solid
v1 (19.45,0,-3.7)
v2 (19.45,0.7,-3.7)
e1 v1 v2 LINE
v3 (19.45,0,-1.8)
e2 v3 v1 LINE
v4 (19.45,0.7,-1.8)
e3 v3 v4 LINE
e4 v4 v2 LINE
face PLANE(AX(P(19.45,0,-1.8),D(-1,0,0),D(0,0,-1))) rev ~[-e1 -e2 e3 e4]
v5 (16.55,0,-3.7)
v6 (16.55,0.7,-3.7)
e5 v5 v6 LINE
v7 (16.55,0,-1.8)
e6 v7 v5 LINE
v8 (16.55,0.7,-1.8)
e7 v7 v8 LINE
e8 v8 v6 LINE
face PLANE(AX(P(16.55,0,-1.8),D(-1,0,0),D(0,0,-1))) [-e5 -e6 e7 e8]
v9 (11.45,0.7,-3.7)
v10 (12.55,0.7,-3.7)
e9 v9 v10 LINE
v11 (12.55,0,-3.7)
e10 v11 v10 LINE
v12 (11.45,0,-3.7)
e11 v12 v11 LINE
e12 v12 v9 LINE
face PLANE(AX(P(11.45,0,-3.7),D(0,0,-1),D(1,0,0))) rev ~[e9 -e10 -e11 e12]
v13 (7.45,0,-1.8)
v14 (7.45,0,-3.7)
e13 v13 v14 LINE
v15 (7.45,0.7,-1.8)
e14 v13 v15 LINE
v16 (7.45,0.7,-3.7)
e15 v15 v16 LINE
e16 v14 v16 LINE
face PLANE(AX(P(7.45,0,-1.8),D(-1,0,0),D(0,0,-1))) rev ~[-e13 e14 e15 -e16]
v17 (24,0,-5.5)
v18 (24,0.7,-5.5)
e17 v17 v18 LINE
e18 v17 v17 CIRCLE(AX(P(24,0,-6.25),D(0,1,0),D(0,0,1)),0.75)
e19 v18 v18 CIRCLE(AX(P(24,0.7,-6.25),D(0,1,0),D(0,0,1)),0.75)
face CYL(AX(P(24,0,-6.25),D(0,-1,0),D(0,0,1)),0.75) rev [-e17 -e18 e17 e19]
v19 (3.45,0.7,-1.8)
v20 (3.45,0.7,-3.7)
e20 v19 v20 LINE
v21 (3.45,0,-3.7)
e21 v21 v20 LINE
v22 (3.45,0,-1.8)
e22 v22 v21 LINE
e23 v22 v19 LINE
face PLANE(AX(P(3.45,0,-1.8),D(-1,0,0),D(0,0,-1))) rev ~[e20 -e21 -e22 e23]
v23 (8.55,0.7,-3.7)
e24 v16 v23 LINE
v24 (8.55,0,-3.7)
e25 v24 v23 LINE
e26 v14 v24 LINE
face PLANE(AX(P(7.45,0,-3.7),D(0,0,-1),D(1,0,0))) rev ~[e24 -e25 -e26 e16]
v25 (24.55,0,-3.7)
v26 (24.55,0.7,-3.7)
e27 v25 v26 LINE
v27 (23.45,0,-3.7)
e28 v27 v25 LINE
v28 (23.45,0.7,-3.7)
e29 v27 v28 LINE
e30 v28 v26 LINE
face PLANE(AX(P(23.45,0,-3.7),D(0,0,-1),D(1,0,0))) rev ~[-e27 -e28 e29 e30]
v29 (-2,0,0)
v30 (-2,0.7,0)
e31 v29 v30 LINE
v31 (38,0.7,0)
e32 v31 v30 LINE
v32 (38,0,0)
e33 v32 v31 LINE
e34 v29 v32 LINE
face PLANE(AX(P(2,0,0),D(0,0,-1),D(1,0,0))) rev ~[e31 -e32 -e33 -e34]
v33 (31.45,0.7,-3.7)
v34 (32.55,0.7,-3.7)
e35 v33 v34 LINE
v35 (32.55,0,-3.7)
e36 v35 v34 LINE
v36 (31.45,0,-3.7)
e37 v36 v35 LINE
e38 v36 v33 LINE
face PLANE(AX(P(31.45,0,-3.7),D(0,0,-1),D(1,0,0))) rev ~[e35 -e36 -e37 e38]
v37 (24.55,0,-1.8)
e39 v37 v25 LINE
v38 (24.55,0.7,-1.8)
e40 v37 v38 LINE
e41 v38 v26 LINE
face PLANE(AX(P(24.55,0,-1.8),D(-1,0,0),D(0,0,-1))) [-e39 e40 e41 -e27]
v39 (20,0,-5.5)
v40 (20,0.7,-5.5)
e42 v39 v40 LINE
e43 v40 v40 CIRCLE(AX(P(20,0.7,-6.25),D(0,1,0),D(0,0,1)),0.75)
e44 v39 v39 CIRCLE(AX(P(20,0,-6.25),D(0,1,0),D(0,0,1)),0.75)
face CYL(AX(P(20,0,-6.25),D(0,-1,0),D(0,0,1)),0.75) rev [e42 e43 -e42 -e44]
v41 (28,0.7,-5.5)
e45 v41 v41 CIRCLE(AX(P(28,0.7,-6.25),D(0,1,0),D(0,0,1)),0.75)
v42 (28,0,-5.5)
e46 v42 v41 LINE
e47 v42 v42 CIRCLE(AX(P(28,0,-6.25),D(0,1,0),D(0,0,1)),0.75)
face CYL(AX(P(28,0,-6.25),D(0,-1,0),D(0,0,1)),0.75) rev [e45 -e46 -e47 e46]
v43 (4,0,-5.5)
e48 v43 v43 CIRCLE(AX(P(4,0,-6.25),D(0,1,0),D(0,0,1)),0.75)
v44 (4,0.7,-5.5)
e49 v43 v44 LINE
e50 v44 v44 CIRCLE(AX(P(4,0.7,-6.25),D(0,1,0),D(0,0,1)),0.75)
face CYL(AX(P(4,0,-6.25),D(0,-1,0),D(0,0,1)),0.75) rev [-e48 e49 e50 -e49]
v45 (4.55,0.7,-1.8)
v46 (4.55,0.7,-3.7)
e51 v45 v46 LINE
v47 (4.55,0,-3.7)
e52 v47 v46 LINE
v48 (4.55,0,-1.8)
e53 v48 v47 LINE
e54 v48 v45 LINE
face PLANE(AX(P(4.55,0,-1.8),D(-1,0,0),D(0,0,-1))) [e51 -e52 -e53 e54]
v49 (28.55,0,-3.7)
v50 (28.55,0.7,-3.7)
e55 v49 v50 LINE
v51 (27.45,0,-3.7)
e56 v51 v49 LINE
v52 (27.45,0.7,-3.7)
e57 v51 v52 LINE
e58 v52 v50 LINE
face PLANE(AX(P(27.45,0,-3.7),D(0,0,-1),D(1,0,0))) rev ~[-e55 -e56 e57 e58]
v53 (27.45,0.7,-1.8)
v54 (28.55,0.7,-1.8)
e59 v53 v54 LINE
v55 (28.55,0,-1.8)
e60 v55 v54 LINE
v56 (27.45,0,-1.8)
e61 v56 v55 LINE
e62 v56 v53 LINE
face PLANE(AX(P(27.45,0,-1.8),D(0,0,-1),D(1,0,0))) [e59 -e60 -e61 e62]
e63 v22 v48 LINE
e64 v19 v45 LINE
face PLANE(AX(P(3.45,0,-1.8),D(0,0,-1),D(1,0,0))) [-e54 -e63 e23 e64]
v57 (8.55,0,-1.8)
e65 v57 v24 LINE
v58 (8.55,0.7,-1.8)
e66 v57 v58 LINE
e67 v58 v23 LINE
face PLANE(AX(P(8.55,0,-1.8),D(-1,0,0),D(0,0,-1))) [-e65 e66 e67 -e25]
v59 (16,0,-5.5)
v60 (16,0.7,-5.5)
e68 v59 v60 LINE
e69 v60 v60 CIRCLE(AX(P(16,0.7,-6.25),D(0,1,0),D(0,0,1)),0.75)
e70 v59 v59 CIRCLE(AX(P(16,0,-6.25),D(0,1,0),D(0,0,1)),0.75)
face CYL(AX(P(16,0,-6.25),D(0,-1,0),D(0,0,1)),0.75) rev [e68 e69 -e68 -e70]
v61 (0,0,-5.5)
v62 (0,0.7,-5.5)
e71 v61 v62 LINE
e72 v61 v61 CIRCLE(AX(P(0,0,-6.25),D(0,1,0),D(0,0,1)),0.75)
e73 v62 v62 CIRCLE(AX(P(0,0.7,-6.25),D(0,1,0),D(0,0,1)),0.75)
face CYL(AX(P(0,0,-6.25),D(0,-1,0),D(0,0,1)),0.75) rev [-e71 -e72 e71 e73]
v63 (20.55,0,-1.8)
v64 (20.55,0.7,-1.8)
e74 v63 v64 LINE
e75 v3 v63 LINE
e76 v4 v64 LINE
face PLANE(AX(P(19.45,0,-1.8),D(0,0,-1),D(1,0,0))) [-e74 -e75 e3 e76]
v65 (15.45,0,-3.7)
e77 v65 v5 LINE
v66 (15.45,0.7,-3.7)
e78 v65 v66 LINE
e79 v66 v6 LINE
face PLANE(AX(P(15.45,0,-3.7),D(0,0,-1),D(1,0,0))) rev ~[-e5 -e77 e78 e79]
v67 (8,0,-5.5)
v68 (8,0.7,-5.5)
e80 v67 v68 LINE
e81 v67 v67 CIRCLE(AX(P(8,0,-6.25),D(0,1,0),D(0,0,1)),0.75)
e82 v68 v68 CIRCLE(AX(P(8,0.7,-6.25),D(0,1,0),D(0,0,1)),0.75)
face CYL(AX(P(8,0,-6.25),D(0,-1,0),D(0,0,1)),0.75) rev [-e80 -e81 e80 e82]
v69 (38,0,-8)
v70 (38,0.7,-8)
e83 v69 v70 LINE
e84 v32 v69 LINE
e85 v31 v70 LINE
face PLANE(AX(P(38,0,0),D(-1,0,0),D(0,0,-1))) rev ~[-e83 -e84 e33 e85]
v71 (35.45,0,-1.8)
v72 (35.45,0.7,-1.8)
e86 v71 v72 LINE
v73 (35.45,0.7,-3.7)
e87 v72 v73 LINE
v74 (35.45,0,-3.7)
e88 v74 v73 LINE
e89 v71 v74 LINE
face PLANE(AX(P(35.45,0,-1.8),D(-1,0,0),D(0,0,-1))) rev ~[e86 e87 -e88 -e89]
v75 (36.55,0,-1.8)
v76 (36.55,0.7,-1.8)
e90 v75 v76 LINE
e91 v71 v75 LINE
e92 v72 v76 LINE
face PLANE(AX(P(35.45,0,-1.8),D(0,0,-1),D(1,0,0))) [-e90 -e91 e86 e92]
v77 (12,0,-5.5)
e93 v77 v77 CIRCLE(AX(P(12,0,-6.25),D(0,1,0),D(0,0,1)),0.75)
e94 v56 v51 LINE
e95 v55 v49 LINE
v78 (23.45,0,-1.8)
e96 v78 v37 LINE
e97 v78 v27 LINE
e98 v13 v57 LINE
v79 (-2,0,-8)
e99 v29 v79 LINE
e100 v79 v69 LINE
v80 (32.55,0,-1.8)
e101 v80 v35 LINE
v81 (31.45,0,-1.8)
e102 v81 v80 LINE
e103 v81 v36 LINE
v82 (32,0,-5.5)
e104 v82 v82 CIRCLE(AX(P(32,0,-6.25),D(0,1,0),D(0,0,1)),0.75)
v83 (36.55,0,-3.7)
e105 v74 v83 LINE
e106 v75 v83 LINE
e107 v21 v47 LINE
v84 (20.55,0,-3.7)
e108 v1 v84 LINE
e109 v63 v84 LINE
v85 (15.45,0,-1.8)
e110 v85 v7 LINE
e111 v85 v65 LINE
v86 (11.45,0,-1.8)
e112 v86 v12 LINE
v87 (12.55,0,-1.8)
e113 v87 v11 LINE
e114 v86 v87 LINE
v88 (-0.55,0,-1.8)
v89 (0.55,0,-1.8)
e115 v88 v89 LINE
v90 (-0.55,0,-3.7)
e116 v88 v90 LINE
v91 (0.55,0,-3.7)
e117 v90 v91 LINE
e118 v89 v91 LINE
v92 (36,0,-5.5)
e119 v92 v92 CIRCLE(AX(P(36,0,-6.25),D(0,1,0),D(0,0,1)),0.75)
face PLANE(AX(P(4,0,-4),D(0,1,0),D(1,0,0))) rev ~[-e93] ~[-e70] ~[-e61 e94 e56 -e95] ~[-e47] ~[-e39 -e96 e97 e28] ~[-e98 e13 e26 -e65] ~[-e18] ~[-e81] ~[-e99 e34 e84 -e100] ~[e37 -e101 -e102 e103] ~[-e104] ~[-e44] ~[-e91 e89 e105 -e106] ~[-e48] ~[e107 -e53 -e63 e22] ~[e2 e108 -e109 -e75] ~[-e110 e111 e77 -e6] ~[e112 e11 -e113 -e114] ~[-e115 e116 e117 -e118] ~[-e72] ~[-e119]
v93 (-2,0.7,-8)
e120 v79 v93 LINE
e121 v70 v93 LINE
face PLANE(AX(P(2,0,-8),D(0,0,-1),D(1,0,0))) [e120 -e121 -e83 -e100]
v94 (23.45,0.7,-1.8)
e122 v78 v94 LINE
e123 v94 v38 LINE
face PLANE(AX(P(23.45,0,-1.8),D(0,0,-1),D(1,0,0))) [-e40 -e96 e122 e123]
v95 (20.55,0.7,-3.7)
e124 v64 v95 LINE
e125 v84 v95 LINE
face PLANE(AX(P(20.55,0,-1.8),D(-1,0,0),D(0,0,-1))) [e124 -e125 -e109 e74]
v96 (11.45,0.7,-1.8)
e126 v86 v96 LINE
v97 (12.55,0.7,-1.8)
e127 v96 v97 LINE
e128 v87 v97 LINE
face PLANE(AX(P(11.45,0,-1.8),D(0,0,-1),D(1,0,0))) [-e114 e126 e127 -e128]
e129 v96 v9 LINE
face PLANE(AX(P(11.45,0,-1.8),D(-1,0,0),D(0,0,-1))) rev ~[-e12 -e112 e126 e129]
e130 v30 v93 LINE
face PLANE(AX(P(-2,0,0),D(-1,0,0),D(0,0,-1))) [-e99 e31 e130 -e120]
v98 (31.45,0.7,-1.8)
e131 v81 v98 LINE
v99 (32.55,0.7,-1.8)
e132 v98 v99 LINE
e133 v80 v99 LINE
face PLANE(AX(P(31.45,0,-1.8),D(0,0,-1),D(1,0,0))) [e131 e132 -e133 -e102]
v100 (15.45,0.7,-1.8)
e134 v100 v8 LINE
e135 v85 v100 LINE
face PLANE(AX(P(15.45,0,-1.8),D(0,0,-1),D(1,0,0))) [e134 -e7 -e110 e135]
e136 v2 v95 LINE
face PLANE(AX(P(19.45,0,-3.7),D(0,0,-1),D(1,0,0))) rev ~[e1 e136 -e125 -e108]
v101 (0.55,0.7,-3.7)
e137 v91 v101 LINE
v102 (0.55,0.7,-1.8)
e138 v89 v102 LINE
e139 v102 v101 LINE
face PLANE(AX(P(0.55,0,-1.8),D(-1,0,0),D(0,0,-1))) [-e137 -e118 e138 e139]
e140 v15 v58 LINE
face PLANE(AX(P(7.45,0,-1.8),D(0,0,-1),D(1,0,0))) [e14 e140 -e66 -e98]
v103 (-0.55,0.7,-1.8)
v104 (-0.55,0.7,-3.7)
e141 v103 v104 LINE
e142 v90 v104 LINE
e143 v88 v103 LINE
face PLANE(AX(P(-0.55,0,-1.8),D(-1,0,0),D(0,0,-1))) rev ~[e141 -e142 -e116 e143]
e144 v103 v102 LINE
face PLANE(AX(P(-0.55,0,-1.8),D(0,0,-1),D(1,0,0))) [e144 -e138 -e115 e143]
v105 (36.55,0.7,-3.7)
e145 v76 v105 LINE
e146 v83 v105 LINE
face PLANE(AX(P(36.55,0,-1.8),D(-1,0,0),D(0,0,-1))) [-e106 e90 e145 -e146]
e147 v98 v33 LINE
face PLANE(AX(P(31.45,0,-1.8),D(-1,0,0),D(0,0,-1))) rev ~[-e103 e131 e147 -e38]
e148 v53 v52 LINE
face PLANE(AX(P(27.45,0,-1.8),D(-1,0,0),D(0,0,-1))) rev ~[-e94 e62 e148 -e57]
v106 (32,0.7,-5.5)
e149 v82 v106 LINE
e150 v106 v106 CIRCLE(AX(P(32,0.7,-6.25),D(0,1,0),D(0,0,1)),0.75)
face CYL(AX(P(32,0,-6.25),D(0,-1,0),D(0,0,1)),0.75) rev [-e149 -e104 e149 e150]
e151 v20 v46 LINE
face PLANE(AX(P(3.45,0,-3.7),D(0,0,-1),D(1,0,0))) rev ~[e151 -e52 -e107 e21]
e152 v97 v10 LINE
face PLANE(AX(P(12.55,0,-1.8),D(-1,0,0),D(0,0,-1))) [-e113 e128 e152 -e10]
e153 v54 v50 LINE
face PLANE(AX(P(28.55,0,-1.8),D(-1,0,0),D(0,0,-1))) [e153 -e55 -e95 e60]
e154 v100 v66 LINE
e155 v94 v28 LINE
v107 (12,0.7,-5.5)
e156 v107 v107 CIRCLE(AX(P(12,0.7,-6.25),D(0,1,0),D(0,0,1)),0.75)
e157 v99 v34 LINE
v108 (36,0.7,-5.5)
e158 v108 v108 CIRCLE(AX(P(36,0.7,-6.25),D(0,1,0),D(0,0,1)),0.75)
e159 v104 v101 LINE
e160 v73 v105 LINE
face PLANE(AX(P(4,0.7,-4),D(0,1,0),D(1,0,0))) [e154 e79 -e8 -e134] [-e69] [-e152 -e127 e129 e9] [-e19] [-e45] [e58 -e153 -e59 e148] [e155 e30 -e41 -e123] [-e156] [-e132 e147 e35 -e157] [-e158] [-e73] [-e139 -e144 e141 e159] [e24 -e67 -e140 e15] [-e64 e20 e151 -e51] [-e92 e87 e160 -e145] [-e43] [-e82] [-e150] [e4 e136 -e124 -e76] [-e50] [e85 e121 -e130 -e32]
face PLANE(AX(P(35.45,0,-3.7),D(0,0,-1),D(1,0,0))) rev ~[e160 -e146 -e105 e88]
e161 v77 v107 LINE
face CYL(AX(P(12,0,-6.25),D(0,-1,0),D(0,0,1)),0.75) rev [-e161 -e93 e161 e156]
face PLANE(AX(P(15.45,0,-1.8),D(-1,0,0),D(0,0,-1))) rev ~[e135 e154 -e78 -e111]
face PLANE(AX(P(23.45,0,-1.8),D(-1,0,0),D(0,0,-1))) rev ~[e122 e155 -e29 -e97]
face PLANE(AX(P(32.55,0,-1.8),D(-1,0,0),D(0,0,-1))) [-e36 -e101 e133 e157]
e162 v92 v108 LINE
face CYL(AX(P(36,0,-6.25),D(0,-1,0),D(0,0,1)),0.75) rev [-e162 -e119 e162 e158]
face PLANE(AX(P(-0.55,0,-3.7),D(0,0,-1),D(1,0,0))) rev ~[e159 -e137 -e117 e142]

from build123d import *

# Parameters (mm, degrees)
SKETCH_1_W             = 4
SKETCH_1_H             = 8
SKETCH_1_R             = 0.75
SKETCH_1_W_2           = 1.1
SKETCH_1_H_2           = 1.9
EXTRUDE_1_DEPTH        = 0.7
PATTERN_LINEAR_2_COUNT = 10
PATTERN_LINEAR_2_PITCH = 4


with BuildPart() as part:
    # 草图1 → 凸台-拉伸1 (new body)
    with BuildSketch(Plane(origin=(0, 0, 0), x_dir=(1, 0, 0), z_dir=(0, 1, 0))):
        with Locations((0, 4)):
            Rectangle(SKETCH_1_W, SKETCH_1_H)
        with Locations(Location((0, 6.25, 0), (0, 0, 270))):
            Circle(SKETCH_1_R, mode=Mode.SUBTRACT)
        with Locations((0, 2.75)):
            Rectangle(SKETCH_1_W_2, SKETCH_1_H_2, mode=Mode.SUBTRACT)
    extrude_1 = extrude(amount=EXTRUDE_1_DEPTH)

    # 阵列(线性)2: 凸台-拉伸1 ×10
    with Locations(*[(i * PATTERN_LINEAR_2_PITCH, 0, 0) for i in range(1, PATTERN_LINEAR_2_COUNT)]):
        add(extrude_1)


solid = part.part
